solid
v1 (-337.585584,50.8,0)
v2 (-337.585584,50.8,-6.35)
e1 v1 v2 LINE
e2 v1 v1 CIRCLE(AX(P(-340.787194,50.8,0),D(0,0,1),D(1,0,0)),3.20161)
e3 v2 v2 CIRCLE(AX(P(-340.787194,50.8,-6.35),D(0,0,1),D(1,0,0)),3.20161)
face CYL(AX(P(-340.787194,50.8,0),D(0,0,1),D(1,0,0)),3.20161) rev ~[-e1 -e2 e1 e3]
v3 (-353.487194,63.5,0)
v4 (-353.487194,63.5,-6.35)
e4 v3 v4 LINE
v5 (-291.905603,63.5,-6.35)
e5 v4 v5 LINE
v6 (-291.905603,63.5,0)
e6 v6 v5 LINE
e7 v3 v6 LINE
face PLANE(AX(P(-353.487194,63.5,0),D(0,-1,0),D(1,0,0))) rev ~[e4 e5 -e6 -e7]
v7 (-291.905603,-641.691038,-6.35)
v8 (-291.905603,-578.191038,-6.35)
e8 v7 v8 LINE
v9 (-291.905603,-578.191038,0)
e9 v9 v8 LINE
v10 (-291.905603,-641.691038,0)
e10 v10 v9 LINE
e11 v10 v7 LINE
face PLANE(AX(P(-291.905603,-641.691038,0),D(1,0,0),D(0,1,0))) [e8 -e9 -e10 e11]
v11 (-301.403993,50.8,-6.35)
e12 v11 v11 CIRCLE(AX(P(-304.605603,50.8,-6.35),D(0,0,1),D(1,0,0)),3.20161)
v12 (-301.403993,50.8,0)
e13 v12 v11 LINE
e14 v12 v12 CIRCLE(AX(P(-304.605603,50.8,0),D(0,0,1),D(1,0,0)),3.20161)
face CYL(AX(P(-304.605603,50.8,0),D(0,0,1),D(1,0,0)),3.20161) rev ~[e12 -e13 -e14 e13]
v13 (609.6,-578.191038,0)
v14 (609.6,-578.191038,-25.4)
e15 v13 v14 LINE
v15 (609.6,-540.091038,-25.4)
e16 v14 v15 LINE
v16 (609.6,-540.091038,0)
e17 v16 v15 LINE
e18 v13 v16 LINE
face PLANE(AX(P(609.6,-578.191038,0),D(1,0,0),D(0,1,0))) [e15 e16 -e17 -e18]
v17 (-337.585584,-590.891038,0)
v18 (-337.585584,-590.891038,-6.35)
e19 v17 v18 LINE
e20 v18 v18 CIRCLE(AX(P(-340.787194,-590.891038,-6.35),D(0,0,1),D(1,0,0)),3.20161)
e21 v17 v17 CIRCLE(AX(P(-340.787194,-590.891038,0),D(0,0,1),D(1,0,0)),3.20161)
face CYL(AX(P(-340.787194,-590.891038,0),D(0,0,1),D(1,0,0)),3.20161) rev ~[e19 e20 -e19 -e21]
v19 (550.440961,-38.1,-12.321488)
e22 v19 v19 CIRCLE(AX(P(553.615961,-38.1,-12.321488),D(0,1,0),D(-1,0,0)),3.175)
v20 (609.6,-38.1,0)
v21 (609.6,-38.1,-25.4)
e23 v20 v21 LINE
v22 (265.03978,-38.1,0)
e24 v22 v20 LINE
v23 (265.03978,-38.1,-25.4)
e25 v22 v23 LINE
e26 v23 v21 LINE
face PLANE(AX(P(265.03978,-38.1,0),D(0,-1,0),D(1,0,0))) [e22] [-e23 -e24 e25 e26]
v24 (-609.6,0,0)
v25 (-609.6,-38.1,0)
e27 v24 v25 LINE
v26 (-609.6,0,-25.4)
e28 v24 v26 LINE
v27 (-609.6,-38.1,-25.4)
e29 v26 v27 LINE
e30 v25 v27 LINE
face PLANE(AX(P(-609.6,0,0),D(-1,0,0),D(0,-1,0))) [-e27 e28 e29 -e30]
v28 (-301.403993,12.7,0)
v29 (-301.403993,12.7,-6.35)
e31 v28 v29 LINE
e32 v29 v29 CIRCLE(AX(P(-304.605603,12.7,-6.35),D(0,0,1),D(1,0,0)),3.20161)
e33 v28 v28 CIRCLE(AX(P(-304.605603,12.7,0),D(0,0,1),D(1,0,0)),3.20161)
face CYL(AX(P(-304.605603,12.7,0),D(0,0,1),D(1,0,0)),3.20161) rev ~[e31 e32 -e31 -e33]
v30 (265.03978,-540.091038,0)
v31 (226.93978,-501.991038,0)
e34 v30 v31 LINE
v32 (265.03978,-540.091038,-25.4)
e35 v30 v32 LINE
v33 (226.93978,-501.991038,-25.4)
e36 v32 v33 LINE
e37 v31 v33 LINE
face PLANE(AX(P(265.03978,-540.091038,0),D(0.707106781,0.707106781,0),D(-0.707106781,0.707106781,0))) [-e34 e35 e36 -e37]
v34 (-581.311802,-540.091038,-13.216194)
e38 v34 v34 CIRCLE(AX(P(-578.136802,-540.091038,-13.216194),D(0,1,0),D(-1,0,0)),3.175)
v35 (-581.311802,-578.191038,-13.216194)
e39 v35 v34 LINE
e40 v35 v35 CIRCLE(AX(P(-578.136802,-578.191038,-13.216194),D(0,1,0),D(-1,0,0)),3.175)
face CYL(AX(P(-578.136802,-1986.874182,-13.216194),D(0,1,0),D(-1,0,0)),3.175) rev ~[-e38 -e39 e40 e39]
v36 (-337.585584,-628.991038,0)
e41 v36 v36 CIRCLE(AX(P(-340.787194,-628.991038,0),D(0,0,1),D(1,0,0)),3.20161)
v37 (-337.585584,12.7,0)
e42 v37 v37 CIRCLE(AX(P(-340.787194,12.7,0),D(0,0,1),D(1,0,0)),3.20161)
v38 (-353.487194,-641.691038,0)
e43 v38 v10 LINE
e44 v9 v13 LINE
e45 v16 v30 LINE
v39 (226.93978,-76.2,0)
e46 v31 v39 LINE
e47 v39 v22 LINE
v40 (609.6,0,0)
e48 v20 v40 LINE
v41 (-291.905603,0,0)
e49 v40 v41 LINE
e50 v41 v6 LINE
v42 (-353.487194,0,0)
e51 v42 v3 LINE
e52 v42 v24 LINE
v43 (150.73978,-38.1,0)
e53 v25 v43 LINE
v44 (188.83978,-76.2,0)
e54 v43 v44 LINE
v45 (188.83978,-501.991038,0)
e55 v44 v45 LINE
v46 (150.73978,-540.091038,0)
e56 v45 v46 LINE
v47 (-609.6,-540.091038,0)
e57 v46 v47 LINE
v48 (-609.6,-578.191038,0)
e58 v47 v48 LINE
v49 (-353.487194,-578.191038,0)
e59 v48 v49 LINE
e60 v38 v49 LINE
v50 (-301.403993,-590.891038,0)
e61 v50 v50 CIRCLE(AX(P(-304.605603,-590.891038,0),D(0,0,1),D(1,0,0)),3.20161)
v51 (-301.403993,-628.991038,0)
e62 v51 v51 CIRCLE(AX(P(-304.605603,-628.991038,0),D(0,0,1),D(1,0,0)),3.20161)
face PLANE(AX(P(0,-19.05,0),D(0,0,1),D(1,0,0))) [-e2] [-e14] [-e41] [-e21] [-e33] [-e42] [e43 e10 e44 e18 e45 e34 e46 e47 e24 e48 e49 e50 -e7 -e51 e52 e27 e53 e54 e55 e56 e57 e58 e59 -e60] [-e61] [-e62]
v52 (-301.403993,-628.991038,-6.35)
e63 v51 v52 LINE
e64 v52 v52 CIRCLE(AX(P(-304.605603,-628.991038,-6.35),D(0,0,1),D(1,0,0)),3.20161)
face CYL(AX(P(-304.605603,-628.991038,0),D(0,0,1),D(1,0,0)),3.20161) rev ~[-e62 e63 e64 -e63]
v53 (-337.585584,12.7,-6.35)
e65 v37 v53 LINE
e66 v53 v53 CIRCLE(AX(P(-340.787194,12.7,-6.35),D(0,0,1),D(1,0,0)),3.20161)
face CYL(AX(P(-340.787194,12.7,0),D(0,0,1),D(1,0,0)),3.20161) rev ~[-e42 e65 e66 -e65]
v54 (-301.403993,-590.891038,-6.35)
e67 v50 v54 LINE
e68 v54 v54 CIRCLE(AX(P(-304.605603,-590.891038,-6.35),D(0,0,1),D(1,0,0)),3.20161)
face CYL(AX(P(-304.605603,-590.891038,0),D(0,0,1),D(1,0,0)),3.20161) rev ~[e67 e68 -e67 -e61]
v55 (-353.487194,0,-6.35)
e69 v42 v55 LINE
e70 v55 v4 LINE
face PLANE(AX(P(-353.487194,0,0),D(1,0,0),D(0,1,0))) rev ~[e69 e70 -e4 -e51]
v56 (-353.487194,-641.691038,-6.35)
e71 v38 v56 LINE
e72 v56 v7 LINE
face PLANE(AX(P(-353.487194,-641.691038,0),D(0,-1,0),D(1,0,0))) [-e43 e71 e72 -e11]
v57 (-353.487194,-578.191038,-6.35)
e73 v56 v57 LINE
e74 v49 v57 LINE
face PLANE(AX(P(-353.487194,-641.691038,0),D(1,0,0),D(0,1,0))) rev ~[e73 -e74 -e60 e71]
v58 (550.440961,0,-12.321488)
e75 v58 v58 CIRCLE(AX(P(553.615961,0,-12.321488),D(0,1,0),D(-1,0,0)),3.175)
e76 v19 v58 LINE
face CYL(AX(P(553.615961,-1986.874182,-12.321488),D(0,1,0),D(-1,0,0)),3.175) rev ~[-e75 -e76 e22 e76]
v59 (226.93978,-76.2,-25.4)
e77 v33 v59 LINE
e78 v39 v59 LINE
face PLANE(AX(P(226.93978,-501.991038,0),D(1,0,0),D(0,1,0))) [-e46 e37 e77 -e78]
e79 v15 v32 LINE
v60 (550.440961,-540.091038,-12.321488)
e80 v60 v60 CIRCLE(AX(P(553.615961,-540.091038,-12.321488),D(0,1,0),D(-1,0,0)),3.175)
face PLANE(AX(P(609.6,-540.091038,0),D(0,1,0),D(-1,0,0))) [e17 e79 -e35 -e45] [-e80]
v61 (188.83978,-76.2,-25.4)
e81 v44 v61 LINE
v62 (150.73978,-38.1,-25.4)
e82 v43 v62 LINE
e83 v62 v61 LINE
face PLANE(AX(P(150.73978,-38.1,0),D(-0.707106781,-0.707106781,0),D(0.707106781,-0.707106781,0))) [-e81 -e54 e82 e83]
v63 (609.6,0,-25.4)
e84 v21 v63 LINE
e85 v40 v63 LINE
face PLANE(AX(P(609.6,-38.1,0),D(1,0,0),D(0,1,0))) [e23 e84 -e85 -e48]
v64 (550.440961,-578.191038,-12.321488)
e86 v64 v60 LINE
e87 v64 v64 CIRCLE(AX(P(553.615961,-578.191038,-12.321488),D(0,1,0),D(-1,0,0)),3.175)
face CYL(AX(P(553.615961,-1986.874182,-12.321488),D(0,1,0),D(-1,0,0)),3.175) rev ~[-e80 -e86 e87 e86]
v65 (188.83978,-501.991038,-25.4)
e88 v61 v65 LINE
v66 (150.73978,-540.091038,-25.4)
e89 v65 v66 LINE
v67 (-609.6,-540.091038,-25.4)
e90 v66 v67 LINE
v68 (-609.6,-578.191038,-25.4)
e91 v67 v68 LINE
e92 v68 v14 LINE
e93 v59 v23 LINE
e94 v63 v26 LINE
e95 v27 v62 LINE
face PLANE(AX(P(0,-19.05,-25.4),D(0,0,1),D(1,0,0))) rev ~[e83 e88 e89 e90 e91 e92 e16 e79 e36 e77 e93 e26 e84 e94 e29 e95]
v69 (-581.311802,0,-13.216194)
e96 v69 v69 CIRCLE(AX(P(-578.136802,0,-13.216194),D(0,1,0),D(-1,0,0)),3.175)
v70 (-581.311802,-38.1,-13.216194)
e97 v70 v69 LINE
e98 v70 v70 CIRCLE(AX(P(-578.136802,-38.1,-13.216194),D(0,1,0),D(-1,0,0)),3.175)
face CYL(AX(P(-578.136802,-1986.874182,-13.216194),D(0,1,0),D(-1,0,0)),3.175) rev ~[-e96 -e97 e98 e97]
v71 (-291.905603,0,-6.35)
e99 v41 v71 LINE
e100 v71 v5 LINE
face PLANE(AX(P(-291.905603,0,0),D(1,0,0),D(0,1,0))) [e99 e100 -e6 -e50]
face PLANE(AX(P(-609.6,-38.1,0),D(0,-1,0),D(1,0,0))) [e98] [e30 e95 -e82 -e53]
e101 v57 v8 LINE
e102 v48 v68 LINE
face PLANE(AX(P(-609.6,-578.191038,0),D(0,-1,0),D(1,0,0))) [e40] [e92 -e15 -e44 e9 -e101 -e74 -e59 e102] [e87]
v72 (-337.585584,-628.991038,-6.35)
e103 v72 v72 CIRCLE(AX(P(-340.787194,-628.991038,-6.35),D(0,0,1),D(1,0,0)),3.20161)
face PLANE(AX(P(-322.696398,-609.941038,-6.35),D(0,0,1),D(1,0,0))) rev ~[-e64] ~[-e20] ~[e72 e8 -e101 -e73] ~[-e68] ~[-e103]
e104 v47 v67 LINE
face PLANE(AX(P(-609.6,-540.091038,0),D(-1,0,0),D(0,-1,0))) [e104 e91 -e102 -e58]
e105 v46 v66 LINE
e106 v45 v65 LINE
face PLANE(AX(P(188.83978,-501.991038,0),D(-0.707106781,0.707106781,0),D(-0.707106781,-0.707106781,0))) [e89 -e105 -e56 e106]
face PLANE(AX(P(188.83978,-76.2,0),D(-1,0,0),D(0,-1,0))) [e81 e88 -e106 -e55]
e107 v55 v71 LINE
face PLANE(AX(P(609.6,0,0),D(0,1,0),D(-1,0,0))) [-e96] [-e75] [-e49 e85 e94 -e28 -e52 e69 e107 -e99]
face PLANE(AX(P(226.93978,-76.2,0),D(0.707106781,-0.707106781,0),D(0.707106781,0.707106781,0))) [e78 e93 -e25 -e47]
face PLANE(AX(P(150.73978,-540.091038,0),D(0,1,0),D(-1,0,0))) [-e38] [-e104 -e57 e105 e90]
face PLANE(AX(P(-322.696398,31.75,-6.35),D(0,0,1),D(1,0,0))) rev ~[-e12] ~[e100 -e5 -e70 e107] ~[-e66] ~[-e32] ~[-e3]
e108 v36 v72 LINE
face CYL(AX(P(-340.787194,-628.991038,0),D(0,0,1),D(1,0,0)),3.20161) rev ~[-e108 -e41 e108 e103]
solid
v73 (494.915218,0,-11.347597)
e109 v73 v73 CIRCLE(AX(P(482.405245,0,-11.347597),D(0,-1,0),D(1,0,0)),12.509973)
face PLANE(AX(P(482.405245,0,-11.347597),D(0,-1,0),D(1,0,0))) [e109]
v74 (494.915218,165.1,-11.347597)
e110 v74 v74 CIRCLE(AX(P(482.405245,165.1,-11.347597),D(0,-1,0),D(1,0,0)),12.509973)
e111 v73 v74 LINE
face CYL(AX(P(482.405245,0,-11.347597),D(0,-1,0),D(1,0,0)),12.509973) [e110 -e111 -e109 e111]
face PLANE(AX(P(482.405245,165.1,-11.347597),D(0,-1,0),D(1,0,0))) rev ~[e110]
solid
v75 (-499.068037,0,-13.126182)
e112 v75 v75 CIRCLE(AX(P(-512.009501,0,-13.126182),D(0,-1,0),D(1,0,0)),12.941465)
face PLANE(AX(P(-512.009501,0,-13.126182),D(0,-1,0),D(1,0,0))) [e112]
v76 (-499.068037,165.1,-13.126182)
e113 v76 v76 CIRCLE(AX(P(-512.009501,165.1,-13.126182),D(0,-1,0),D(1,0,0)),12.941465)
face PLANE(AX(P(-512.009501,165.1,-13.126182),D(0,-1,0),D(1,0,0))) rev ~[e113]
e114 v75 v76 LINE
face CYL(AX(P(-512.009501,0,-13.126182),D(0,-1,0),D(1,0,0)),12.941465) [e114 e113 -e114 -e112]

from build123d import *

# Parameters (mm, degrees)
F1_DEPTH = 25.4
F0_W     = 61.5815903664
F0_H     = 63.5
F0_R     = 3.2016098653
F2_DEPTH = 6.35
F4_D     = 6.35
F5_D     = 6.35
F6_R     = 12.509972913
F7_DEPTH = 165.1
F8_R     = 12.94146472
F9_DEPTH = 165.1


with BuildPart() as f1:
    # F0 (on Top) → F1 (new body)
    with BuildSketch(Plane.XY):
        Polygon((-353.4871935844, 0), (-609.6, 0), (-609.6, -38.1), (150.7397797585, -38.1), (188.8397797585, -38.1), (226.9397797585, -38.1), (265.0397797585, -38.1), (609.6, -38.1), (609.6, 0), (-291.9056032181, 0), align=None)
        Polygon((226.9397797585, -540.0910377502), (188.8397797585, -540.0910377502), (150.7397797585, -540.0910377502), (-609.6, -540.0910377502), (-609.6, -578.1910377502), (-353.4871935844, -578.1910377502), (-291.9056032181, -578.1910377502), (609.6, -578.1910377502), (609.6, -540.0910377502), (265.0397797585, -540.0910377502), align=None)
        Polygon((188.8397797585, -540.0910377502), (188.8397797585, -501.9910377502), (150.7397797585, -540.0910377502), align=None)
        Polygon((265.0397797585, -540.0910377502), (226.9397797585, -501.9910377502), (226.9397797585, -540.0910377502), align=None)
        Polygon((226.9397797585, -38.1), (188.8397797585, -38.1), (188.8397797585, -76.2), (188.8397797585, -501.9910377502), (188.8397797585, -540.0910377502), (226.9397797585, -540.0910377502), (226.9397797585, -501.9910377502), (226.9397797585, -76.2), align=None)
        Polygon((188.8397797585, -38.1), (150.7397797585, -38.1), (188.8397797585, -76.2), align=None)
        Polygon((265.0397797585, -38.1), (226.9397797585, -38.1), (226.9397797585, -76.2), align=None)
    extrude(amount=-F1_DEPTH)

    # F0 (on Top) → F2 (join)
    with BuildSketch(Plane.XY):
        with Locations((-322.6963984013, -609.9410377502)):
            Rectangle(F0_W, F0_H)
        with Locations((-340.7871935844, -628.9910377502)):
            Circle(F0_R, mode=Mode.SUBTRACT)
        with Locations((-340.7871935844, -590.8910377502)):
            Circle(F0_R, mode=Mode.SUBTRACT)
        with Locations((-304.6056032181, -628.9910377502)):
            Circle(F0_R, mode=Mode.SUBTRACT)
        with Locations((-304.6056032181, -590.8910377502)):
            Circle(F0_R, mode=Mode.SUBTRACT)
        with Locations((-322.6963984013, 31.75)):
            Rectangle(F0_W, F0_H)
        with Locations((-340.7871935844, 12.7)):
            Circle(F0_R, mode=Mode.SUBTRACT)
        with Locations((-340.7871935844, 50.8)):
            Circle(F0_R, mode=Mode.SUBTRACT)
        with Locations((-304.6056032181, 12.7)):
            Circle(F0_R, mode=Mode.SUBTRACT)
        with Locations((-304.6056032181, 50.8)):
            Circle(F0_R, mode=Mode.SUBTRACT)
    extrude(amount=-F2_DEPTH)

    # F4 (through all)
    with Locations(Plane.XZ.offset(578.1910377502)):
        with Locations((-578.1368017197, -13.2161937654)):
            Hole(F4_D / 2)

    # F5 (through all)
    with Locations(Plane.XZ.offset(578.1910377502)):
        with Locations((553.6159609795, -12.3214880005)):
            Hole(F5_D / 2)


with BuildPart() as f7:
    # F6 (on Front) → F7 (new body)
    with BuildSketch(Plane.XZ):
        with Locations((482.4052453041, -11.3475965336)):
            Circle(F6_R)
    extrude(amount=-F7_DEPTH)


with BuildPart() as f9:
    # F8 (on Front) → F9 (new body)
    with BuildSketch(Plane.XZ):
        with Locations((-512.0095014572, -13.1261823699)):
            Circle(F8_R)
    extrude(amount=-F9_DEPTH)


solid = Compound([f1.part, f7.part, f9.part])
